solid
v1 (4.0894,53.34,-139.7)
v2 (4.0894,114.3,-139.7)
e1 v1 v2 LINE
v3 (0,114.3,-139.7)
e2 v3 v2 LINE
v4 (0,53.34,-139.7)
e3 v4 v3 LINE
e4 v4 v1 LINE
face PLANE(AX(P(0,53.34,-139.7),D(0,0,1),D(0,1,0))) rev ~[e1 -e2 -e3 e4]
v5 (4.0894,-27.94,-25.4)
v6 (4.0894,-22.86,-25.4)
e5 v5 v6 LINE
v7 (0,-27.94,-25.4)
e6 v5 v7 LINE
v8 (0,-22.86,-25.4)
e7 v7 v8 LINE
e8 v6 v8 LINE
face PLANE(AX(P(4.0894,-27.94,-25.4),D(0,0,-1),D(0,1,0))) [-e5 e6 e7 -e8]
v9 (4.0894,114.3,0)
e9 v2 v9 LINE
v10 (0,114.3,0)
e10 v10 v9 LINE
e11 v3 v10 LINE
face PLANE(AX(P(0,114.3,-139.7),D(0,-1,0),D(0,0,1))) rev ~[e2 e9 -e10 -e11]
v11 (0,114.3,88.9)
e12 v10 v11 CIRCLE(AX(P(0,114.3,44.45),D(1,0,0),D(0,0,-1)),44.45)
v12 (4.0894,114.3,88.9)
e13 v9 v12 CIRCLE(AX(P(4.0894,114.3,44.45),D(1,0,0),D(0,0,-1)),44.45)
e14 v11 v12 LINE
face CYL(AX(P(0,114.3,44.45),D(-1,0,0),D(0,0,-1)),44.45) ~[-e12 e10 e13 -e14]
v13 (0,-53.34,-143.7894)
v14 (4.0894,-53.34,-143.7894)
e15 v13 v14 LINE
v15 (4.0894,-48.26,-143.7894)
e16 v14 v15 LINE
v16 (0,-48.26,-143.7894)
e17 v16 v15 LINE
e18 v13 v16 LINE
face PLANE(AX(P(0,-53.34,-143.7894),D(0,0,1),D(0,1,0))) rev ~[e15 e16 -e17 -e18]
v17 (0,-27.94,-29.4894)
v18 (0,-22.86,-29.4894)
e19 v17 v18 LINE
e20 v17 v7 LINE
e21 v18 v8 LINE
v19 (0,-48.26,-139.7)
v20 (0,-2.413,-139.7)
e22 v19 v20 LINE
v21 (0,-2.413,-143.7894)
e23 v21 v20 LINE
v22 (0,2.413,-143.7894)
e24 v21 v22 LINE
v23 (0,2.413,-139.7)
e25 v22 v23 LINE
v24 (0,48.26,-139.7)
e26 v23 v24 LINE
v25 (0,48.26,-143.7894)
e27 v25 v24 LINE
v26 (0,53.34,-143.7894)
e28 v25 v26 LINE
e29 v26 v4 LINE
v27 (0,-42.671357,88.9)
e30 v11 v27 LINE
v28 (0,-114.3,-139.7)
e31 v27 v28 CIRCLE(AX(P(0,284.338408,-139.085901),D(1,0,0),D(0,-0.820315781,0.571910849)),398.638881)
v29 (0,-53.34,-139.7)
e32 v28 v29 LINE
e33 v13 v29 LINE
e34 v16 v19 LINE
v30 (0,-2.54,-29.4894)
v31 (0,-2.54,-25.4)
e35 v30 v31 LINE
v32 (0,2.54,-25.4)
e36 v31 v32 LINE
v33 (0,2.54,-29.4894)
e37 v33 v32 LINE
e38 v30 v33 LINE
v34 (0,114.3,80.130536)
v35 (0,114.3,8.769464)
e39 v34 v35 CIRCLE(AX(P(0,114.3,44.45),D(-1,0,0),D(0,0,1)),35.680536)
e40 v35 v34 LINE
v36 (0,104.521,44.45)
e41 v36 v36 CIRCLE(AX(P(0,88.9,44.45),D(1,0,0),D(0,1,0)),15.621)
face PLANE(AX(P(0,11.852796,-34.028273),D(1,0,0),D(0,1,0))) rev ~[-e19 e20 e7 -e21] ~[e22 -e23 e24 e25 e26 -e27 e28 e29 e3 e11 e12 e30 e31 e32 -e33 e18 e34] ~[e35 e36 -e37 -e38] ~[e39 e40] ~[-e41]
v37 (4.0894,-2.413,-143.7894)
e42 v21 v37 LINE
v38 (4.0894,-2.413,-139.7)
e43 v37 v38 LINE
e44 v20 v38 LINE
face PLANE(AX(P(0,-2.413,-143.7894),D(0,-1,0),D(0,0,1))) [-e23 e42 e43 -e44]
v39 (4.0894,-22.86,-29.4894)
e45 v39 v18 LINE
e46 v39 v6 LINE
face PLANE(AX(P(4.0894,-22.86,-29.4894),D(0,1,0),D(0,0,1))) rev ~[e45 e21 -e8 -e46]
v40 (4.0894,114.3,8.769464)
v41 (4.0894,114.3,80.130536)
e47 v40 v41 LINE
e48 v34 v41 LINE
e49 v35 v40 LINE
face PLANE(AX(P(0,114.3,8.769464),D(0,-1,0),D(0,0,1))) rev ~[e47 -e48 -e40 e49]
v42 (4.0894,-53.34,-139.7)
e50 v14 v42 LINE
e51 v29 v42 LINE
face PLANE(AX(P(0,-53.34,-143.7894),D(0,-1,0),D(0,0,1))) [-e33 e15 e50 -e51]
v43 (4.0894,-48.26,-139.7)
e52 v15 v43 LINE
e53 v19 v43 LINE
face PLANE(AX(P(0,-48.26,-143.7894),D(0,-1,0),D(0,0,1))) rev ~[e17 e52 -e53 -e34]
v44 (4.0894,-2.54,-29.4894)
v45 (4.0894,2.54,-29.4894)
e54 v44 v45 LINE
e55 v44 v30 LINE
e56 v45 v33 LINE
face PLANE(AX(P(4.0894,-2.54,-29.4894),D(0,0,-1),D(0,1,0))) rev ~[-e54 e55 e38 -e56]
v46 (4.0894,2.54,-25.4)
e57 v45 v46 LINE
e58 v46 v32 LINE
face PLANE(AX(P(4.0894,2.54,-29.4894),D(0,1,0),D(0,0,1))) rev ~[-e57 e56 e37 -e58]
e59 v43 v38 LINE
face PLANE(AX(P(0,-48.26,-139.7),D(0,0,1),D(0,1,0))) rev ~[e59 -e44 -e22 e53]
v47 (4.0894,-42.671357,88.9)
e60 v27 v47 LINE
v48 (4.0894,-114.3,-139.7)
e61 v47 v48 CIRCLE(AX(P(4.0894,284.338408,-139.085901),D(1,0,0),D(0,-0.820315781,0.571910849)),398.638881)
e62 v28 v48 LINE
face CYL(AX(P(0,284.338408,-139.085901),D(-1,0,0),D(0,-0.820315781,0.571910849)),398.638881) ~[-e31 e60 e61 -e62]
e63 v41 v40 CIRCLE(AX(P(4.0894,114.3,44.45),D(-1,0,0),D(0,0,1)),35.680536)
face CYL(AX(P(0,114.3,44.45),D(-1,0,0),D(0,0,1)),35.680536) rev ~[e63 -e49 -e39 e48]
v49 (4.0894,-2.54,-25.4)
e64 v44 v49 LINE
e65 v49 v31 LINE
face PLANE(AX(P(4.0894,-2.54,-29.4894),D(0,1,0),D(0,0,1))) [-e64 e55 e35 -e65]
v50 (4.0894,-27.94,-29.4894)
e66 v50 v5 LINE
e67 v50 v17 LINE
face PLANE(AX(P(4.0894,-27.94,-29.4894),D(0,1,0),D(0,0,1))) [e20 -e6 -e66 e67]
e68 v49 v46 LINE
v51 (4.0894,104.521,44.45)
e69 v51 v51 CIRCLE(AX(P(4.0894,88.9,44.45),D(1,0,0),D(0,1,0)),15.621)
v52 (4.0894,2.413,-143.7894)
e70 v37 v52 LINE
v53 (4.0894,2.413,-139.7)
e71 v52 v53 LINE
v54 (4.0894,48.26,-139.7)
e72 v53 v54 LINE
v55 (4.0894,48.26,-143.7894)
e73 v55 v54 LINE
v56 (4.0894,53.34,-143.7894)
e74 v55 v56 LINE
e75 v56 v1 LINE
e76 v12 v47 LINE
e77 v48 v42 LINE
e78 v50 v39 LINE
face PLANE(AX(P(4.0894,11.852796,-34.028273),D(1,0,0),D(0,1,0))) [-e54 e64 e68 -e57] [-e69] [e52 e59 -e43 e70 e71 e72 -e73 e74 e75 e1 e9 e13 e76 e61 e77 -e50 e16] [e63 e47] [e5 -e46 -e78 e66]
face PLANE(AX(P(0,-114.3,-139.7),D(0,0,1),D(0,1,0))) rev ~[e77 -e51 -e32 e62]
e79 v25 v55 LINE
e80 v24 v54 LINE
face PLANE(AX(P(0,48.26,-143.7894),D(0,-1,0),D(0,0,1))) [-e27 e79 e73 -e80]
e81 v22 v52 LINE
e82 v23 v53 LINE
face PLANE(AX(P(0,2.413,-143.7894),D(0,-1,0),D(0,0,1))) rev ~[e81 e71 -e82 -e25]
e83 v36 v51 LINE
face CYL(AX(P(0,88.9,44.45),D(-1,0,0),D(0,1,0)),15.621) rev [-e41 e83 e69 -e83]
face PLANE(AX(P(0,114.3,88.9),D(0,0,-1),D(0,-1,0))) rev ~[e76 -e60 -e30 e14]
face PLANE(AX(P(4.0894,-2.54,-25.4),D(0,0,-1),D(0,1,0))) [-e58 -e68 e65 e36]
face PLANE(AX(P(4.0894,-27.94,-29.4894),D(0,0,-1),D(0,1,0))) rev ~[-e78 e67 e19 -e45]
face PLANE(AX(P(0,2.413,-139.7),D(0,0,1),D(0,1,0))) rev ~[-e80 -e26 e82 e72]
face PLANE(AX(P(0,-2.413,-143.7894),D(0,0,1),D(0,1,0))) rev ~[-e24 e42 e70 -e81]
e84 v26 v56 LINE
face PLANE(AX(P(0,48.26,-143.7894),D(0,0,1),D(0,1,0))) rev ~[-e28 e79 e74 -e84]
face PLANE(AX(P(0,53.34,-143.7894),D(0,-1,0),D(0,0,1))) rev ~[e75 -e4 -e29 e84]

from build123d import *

# Parameters (mm, degrees)
F0_R     = 15.621
F0_W     = 5.08
F0_H     = 4.0894
F0_W_2   = 4.826
F1_DEPTH = 4.0894
F2_W     = 5.08
F2_H     = 4.0894
F3_DEPTH = 25.4


with BuildPart() as f1:
    # F0 (on Right) → F1 (new body)
    with BuildSketch(Plane.YZ):
        with BuildLine():
            Line((53.34, -139.7), (114.3, -139.7))
            Line((114.3, -139.7), (114.3, 0))
            Line((114.3, 0), (114.3, 8.769464))
            Line((114.3, 8.769464), (114.3, 80.130536))
            Line((114.3, 80.130536), (114.3, 88.9))
            Line((114.3, 88.9), (-42.671357, 88.9))
            ThreePointArc((-42.671357, 88.9), (-96.063758, -19.892153), (-114.3, -139.7))
            Line((-114.3, -139.7), (-53.34, -139.7))
            Line((-53.34, -139.7), (-48.26, -139.7))
            Line((-48.26, -139.7), (-2.413, -139.7))
            Line((-2.413, -139.7), (2.413, -139.7))
            Line((2.413, -139.7), (48.26, -139.7))
            Line((48.26, -139.7), (53.34, -139.7))
        make_face()
        with Locations((88.9, 44.45)):
            Circle(F0_R, mode=Mode.SUBTRACT)
        with Locations((50.8, -141.7447)):
            Rectangle(F0_W, F0_H)
        with BuildLine():
            Line((114.3, 8.769464), (114.3, 0))
            ThreePointArc((114.3, 0), (158.75, 44.45), (114.3, 88.9))
            Line((114.3, 88.9), (114.3, 80.130536))
            ThreePointArc((114.3, 80.130536), (149.980536, 44.45), (114.3, 8.769464))
        make_face()
        with Locations((0, -141.7447)):
            Rectangle(F0_W_2, F0_H)
        with Locations((-50.8, -141.7447)):
            Rectangle(F0_W, F0_H)
    extrude(amount=F1_DEPTH)

    # F2 (on face) → F3 (cut)
    with BuildSketch(Plane.YZ.offset(4.0894)):
        with Locations((0, -27.4447)):
            Rectangle(F2_W, F2_H)
        with Locations((-25.4, -27.4447)):
            Rectangle(F2_W, F2_H)
    extrude(amount=-F3_DEPTH, mode=Mode.SUBTRACT)


solid = f1.part
